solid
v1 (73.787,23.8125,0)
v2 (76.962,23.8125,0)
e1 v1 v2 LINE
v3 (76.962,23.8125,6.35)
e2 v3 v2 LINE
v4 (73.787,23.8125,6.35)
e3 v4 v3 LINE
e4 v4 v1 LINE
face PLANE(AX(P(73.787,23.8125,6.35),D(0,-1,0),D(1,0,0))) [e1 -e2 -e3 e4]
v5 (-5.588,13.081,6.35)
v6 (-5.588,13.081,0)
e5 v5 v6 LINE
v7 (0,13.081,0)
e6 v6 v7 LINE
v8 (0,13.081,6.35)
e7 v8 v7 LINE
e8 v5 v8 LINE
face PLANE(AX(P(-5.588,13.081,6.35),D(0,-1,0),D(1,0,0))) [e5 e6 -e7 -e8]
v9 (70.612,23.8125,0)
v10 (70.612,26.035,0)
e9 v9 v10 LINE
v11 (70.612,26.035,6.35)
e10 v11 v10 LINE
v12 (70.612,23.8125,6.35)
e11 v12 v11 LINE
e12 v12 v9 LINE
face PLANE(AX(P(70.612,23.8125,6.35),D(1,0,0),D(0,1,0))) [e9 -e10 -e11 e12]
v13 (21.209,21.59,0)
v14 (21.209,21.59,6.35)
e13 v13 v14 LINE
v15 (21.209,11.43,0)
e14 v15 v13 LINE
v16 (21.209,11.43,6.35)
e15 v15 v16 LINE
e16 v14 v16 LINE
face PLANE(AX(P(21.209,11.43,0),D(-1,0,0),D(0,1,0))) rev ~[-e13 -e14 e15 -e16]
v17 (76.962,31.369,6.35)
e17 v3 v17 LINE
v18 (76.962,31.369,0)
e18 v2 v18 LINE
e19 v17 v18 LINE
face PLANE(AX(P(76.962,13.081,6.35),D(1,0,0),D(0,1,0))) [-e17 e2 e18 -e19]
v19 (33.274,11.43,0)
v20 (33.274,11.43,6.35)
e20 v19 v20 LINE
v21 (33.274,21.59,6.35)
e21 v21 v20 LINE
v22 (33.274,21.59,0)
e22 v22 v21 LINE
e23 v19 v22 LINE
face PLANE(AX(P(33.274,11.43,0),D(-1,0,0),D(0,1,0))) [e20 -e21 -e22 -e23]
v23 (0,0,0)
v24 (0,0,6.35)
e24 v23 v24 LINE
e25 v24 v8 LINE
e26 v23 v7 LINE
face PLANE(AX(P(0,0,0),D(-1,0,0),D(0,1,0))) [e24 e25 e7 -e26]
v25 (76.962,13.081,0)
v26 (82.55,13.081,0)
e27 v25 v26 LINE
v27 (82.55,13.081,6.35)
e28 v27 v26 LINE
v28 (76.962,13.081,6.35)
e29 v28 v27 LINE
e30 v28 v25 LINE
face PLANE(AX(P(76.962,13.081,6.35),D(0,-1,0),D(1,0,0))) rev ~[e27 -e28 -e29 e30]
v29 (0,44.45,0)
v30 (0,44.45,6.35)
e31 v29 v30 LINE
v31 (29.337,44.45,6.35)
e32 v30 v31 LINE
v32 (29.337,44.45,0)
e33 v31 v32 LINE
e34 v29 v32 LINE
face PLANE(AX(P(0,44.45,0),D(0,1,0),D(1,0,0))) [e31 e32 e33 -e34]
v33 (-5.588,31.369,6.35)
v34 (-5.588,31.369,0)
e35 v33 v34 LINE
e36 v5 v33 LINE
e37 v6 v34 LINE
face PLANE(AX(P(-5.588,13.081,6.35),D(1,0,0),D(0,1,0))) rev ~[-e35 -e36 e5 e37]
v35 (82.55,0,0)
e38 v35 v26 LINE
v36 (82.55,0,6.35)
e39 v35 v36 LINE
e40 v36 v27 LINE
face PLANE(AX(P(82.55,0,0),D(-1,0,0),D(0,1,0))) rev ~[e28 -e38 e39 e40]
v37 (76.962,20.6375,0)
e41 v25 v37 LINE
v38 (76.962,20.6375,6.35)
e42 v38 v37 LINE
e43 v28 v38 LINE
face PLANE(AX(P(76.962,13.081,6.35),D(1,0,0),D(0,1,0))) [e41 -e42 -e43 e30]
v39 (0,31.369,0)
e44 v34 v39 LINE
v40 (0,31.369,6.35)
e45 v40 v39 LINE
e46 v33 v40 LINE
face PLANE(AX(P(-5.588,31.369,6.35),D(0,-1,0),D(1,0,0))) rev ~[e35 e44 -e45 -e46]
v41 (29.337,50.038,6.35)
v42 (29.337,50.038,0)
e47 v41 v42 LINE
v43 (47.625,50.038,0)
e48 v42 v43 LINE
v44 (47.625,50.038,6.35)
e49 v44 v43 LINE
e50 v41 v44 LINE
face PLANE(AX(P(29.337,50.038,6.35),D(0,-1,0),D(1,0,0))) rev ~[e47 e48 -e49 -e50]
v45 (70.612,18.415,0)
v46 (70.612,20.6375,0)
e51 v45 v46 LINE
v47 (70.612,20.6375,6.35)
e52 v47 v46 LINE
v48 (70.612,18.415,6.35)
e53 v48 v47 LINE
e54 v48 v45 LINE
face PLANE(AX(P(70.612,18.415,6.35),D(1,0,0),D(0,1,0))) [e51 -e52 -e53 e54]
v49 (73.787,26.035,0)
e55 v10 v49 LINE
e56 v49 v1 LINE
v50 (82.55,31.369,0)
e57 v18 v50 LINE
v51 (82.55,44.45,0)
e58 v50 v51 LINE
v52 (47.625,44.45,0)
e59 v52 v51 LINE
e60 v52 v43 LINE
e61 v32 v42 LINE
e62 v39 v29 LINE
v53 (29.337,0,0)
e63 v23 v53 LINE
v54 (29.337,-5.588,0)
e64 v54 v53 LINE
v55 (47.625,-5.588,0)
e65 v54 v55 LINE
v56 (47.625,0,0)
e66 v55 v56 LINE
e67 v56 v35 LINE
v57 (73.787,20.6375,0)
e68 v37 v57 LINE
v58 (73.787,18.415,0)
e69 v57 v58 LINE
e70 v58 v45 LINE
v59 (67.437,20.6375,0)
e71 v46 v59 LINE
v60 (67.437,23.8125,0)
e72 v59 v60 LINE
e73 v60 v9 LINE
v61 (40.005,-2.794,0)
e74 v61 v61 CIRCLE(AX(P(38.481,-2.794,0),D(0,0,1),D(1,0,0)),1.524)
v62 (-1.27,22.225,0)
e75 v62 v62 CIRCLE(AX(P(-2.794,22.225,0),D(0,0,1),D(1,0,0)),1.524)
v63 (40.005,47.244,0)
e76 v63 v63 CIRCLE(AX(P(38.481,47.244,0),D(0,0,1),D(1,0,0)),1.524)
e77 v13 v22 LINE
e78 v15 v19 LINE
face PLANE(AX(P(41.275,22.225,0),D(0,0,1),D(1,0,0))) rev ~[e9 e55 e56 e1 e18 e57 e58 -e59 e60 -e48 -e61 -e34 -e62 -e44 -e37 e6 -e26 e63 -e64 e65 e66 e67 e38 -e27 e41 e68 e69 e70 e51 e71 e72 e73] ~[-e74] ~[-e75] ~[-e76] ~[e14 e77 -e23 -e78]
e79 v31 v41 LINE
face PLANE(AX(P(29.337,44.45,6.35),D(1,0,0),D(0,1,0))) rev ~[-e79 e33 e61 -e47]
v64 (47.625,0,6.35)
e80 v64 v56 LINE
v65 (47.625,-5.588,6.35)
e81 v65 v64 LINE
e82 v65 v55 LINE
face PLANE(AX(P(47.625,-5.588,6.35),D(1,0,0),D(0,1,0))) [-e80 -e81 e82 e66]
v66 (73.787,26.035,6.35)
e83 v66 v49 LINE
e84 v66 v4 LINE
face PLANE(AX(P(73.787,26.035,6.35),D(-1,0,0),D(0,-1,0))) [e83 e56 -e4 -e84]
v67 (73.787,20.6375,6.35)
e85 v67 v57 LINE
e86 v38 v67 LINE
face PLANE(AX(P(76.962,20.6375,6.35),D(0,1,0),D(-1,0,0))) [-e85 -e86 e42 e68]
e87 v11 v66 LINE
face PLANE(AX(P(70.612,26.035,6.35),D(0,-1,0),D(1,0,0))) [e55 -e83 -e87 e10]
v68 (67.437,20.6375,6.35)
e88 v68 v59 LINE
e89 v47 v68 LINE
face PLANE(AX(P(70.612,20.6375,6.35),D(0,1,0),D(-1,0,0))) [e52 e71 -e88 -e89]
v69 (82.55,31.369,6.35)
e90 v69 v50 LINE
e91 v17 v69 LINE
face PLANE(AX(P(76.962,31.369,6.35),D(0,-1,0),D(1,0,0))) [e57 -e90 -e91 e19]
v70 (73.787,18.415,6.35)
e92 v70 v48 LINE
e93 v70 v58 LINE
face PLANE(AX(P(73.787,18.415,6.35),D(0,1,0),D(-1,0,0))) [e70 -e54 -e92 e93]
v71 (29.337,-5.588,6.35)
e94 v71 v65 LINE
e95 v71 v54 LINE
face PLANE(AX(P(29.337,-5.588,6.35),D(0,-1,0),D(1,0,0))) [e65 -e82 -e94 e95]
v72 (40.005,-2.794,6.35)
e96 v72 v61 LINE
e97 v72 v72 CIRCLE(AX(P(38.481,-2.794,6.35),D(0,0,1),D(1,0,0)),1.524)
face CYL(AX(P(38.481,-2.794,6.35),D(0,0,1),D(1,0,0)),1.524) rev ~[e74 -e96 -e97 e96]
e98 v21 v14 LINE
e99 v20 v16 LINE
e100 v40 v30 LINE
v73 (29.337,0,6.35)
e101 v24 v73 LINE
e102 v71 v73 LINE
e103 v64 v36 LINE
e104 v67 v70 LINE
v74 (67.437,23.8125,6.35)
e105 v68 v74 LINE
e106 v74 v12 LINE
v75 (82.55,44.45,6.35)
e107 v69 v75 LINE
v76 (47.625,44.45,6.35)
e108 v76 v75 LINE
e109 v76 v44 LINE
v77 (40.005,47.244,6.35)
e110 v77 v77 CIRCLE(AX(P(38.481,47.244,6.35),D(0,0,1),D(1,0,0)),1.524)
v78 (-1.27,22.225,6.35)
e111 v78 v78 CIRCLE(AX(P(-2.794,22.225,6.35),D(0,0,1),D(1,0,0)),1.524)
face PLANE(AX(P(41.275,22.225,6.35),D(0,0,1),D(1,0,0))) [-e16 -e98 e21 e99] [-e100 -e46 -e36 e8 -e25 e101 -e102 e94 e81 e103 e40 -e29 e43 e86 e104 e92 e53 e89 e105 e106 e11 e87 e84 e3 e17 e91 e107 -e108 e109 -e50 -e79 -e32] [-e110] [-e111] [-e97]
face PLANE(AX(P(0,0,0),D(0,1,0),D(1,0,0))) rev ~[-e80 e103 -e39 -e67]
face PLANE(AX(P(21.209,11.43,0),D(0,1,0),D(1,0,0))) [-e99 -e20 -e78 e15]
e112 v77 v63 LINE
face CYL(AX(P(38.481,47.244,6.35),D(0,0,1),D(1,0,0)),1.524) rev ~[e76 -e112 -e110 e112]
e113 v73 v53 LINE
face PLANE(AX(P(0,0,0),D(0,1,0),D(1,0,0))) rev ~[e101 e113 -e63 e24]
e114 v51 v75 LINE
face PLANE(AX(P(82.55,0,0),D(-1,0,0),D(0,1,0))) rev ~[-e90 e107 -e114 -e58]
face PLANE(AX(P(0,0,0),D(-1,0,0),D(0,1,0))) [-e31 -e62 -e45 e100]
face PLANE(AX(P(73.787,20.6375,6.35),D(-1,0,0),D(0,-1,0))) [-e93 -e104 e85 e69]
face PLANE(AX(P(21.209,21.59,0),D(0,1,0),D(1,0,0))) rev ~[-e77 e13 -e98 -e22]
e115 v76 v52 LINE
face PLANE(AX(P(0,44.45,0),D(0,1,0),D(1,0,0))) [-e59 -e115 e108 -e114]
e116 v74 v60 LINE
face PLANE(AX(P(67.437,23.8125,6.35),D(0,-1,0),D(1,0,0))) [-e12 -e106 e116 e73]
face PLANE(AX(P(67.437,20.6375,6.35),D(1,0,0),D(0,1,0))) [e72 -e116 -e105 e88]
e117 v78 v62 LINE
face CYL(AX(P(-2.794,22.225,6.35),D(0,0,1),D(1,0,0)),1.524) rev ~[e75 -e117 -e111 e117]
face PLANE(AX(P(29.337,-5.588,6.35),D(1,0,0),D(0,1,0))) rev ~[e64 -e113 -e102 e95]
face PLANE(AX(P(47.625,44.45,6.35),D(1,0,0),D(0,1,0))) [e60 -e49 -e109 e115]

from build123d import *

# Parameters (mm, degrees)
SKETCH1_W           = 82.55
SKETCH1_H           = 44.45
BOSS_EXTRUDE1_DEPTH = 6.35
SKETCH2_W           = 5.588
SKETCH2_H           = 18.288
BOSS_EXTRUDE2_DEPTH = 6.35
SKETCH5_W           = 18.288
SKETCH5_H           = 5.588
BOSS_EXTRUDE3_DEPTH = 6.35
SKETCH3_W           = 5.588
SKETCH3_H           = 18.288
CUT_EXTRUDE1_DEPTH  = 97.739994025
SKETCH6_R           = 1.524
CUT_EXTRUDE2_DEPTH  = 97.739994025
SKETCH7_W           = 12.065
SKETCH7_H           = 10.16
CUT_EXTRUDE4_DEPTH  = 97.739994025


with BuildPart() as part:
    # Sketch1 → Boss-Extrude1 (new body)
    with BuildSketch(Plane.XY):
        with Locations((41.275, 22.225)):
            Rectangle(SKETCH1_W, SKETCH1_H)
    extrude(amount=BOSS_EXTRUDE1_DEPTH)

    # Sketch2 → Boss-Extrude2 (add)
    with BuildSketch(Plane.XY.offset(6.35)):
        with Locations((-2.794, 22.225)):
            Rectangle(SKETCH2_W, SKETCH2_H)
    extrude(amount=-BOSS_EXTRUDE2_DEPTH)

    # Sketch5 → Boss-Extrude3 (add)
    with BuildSketch(Plane.XY.offset(6.35)):
        with Locations((38.481, 47.244)):
            Rectangle(SKETCH5_W, SKETCH5_H)
        with Locations((38.481, -2.794)):
            Rectangle(SKETCH5_W, SKETCH5_H)
    extrude(amount=-BOSS_EXTRUDE3_DEPTH)

    # Sketch3 → Cut-Extrude1 (cut, through all)
    with BuildSketch(Plane.XY.offset(6.35)):
        with Locations((79.756, 22.225)):
            Rectangle(SKETCH3_W, SKETCH3_H)
    extrude(amount=-CUT_EXTRUDE1_DEPTH, mode=Mode.SUBTRACT)

    # Sketch6 → Cut-Extrude2 (cut, through all)
    with BuildSketch(Plane.XY.offset(6.35)):
        with Locations((-2.794, 22.225)):
            Circle(SKETCH6_R)
        with Locations((38.481, -2.794)):
            Circle(SKETCH6_R)
        with Locations((38.481, 47.244)):
            Circle(SKETCH6_R)
        Polygon((67.437, 23.8125), (70.612, 23.8125), (70.612, 26.035), (73.787, 26.035), (73.787, 23.8125), (76.962, 23.8125), (76.962, 20.6375), (73.787, 20.6375), (73.787, 18.415), (70.612, 18.415), (70.612, 20.6375), (67.437, 20.6375), align=None)
    extrude(amount=-CUT_EXTRUDE2_DEPTH, mode=Mode.SUBTRACT)

    # Sketch7 → Cut-Extrude4 (cut, through all)
    with BuildSketch(Plane.XY):
        with Locations((27.2415, 16.51)):
            Rectangle(SKETCH7_W, SKETCH7_H)
    extrude(amount=CUT_EXTRUDE4_DEPTH, mode=Mode.SUBTRACT)


solid = part.part
